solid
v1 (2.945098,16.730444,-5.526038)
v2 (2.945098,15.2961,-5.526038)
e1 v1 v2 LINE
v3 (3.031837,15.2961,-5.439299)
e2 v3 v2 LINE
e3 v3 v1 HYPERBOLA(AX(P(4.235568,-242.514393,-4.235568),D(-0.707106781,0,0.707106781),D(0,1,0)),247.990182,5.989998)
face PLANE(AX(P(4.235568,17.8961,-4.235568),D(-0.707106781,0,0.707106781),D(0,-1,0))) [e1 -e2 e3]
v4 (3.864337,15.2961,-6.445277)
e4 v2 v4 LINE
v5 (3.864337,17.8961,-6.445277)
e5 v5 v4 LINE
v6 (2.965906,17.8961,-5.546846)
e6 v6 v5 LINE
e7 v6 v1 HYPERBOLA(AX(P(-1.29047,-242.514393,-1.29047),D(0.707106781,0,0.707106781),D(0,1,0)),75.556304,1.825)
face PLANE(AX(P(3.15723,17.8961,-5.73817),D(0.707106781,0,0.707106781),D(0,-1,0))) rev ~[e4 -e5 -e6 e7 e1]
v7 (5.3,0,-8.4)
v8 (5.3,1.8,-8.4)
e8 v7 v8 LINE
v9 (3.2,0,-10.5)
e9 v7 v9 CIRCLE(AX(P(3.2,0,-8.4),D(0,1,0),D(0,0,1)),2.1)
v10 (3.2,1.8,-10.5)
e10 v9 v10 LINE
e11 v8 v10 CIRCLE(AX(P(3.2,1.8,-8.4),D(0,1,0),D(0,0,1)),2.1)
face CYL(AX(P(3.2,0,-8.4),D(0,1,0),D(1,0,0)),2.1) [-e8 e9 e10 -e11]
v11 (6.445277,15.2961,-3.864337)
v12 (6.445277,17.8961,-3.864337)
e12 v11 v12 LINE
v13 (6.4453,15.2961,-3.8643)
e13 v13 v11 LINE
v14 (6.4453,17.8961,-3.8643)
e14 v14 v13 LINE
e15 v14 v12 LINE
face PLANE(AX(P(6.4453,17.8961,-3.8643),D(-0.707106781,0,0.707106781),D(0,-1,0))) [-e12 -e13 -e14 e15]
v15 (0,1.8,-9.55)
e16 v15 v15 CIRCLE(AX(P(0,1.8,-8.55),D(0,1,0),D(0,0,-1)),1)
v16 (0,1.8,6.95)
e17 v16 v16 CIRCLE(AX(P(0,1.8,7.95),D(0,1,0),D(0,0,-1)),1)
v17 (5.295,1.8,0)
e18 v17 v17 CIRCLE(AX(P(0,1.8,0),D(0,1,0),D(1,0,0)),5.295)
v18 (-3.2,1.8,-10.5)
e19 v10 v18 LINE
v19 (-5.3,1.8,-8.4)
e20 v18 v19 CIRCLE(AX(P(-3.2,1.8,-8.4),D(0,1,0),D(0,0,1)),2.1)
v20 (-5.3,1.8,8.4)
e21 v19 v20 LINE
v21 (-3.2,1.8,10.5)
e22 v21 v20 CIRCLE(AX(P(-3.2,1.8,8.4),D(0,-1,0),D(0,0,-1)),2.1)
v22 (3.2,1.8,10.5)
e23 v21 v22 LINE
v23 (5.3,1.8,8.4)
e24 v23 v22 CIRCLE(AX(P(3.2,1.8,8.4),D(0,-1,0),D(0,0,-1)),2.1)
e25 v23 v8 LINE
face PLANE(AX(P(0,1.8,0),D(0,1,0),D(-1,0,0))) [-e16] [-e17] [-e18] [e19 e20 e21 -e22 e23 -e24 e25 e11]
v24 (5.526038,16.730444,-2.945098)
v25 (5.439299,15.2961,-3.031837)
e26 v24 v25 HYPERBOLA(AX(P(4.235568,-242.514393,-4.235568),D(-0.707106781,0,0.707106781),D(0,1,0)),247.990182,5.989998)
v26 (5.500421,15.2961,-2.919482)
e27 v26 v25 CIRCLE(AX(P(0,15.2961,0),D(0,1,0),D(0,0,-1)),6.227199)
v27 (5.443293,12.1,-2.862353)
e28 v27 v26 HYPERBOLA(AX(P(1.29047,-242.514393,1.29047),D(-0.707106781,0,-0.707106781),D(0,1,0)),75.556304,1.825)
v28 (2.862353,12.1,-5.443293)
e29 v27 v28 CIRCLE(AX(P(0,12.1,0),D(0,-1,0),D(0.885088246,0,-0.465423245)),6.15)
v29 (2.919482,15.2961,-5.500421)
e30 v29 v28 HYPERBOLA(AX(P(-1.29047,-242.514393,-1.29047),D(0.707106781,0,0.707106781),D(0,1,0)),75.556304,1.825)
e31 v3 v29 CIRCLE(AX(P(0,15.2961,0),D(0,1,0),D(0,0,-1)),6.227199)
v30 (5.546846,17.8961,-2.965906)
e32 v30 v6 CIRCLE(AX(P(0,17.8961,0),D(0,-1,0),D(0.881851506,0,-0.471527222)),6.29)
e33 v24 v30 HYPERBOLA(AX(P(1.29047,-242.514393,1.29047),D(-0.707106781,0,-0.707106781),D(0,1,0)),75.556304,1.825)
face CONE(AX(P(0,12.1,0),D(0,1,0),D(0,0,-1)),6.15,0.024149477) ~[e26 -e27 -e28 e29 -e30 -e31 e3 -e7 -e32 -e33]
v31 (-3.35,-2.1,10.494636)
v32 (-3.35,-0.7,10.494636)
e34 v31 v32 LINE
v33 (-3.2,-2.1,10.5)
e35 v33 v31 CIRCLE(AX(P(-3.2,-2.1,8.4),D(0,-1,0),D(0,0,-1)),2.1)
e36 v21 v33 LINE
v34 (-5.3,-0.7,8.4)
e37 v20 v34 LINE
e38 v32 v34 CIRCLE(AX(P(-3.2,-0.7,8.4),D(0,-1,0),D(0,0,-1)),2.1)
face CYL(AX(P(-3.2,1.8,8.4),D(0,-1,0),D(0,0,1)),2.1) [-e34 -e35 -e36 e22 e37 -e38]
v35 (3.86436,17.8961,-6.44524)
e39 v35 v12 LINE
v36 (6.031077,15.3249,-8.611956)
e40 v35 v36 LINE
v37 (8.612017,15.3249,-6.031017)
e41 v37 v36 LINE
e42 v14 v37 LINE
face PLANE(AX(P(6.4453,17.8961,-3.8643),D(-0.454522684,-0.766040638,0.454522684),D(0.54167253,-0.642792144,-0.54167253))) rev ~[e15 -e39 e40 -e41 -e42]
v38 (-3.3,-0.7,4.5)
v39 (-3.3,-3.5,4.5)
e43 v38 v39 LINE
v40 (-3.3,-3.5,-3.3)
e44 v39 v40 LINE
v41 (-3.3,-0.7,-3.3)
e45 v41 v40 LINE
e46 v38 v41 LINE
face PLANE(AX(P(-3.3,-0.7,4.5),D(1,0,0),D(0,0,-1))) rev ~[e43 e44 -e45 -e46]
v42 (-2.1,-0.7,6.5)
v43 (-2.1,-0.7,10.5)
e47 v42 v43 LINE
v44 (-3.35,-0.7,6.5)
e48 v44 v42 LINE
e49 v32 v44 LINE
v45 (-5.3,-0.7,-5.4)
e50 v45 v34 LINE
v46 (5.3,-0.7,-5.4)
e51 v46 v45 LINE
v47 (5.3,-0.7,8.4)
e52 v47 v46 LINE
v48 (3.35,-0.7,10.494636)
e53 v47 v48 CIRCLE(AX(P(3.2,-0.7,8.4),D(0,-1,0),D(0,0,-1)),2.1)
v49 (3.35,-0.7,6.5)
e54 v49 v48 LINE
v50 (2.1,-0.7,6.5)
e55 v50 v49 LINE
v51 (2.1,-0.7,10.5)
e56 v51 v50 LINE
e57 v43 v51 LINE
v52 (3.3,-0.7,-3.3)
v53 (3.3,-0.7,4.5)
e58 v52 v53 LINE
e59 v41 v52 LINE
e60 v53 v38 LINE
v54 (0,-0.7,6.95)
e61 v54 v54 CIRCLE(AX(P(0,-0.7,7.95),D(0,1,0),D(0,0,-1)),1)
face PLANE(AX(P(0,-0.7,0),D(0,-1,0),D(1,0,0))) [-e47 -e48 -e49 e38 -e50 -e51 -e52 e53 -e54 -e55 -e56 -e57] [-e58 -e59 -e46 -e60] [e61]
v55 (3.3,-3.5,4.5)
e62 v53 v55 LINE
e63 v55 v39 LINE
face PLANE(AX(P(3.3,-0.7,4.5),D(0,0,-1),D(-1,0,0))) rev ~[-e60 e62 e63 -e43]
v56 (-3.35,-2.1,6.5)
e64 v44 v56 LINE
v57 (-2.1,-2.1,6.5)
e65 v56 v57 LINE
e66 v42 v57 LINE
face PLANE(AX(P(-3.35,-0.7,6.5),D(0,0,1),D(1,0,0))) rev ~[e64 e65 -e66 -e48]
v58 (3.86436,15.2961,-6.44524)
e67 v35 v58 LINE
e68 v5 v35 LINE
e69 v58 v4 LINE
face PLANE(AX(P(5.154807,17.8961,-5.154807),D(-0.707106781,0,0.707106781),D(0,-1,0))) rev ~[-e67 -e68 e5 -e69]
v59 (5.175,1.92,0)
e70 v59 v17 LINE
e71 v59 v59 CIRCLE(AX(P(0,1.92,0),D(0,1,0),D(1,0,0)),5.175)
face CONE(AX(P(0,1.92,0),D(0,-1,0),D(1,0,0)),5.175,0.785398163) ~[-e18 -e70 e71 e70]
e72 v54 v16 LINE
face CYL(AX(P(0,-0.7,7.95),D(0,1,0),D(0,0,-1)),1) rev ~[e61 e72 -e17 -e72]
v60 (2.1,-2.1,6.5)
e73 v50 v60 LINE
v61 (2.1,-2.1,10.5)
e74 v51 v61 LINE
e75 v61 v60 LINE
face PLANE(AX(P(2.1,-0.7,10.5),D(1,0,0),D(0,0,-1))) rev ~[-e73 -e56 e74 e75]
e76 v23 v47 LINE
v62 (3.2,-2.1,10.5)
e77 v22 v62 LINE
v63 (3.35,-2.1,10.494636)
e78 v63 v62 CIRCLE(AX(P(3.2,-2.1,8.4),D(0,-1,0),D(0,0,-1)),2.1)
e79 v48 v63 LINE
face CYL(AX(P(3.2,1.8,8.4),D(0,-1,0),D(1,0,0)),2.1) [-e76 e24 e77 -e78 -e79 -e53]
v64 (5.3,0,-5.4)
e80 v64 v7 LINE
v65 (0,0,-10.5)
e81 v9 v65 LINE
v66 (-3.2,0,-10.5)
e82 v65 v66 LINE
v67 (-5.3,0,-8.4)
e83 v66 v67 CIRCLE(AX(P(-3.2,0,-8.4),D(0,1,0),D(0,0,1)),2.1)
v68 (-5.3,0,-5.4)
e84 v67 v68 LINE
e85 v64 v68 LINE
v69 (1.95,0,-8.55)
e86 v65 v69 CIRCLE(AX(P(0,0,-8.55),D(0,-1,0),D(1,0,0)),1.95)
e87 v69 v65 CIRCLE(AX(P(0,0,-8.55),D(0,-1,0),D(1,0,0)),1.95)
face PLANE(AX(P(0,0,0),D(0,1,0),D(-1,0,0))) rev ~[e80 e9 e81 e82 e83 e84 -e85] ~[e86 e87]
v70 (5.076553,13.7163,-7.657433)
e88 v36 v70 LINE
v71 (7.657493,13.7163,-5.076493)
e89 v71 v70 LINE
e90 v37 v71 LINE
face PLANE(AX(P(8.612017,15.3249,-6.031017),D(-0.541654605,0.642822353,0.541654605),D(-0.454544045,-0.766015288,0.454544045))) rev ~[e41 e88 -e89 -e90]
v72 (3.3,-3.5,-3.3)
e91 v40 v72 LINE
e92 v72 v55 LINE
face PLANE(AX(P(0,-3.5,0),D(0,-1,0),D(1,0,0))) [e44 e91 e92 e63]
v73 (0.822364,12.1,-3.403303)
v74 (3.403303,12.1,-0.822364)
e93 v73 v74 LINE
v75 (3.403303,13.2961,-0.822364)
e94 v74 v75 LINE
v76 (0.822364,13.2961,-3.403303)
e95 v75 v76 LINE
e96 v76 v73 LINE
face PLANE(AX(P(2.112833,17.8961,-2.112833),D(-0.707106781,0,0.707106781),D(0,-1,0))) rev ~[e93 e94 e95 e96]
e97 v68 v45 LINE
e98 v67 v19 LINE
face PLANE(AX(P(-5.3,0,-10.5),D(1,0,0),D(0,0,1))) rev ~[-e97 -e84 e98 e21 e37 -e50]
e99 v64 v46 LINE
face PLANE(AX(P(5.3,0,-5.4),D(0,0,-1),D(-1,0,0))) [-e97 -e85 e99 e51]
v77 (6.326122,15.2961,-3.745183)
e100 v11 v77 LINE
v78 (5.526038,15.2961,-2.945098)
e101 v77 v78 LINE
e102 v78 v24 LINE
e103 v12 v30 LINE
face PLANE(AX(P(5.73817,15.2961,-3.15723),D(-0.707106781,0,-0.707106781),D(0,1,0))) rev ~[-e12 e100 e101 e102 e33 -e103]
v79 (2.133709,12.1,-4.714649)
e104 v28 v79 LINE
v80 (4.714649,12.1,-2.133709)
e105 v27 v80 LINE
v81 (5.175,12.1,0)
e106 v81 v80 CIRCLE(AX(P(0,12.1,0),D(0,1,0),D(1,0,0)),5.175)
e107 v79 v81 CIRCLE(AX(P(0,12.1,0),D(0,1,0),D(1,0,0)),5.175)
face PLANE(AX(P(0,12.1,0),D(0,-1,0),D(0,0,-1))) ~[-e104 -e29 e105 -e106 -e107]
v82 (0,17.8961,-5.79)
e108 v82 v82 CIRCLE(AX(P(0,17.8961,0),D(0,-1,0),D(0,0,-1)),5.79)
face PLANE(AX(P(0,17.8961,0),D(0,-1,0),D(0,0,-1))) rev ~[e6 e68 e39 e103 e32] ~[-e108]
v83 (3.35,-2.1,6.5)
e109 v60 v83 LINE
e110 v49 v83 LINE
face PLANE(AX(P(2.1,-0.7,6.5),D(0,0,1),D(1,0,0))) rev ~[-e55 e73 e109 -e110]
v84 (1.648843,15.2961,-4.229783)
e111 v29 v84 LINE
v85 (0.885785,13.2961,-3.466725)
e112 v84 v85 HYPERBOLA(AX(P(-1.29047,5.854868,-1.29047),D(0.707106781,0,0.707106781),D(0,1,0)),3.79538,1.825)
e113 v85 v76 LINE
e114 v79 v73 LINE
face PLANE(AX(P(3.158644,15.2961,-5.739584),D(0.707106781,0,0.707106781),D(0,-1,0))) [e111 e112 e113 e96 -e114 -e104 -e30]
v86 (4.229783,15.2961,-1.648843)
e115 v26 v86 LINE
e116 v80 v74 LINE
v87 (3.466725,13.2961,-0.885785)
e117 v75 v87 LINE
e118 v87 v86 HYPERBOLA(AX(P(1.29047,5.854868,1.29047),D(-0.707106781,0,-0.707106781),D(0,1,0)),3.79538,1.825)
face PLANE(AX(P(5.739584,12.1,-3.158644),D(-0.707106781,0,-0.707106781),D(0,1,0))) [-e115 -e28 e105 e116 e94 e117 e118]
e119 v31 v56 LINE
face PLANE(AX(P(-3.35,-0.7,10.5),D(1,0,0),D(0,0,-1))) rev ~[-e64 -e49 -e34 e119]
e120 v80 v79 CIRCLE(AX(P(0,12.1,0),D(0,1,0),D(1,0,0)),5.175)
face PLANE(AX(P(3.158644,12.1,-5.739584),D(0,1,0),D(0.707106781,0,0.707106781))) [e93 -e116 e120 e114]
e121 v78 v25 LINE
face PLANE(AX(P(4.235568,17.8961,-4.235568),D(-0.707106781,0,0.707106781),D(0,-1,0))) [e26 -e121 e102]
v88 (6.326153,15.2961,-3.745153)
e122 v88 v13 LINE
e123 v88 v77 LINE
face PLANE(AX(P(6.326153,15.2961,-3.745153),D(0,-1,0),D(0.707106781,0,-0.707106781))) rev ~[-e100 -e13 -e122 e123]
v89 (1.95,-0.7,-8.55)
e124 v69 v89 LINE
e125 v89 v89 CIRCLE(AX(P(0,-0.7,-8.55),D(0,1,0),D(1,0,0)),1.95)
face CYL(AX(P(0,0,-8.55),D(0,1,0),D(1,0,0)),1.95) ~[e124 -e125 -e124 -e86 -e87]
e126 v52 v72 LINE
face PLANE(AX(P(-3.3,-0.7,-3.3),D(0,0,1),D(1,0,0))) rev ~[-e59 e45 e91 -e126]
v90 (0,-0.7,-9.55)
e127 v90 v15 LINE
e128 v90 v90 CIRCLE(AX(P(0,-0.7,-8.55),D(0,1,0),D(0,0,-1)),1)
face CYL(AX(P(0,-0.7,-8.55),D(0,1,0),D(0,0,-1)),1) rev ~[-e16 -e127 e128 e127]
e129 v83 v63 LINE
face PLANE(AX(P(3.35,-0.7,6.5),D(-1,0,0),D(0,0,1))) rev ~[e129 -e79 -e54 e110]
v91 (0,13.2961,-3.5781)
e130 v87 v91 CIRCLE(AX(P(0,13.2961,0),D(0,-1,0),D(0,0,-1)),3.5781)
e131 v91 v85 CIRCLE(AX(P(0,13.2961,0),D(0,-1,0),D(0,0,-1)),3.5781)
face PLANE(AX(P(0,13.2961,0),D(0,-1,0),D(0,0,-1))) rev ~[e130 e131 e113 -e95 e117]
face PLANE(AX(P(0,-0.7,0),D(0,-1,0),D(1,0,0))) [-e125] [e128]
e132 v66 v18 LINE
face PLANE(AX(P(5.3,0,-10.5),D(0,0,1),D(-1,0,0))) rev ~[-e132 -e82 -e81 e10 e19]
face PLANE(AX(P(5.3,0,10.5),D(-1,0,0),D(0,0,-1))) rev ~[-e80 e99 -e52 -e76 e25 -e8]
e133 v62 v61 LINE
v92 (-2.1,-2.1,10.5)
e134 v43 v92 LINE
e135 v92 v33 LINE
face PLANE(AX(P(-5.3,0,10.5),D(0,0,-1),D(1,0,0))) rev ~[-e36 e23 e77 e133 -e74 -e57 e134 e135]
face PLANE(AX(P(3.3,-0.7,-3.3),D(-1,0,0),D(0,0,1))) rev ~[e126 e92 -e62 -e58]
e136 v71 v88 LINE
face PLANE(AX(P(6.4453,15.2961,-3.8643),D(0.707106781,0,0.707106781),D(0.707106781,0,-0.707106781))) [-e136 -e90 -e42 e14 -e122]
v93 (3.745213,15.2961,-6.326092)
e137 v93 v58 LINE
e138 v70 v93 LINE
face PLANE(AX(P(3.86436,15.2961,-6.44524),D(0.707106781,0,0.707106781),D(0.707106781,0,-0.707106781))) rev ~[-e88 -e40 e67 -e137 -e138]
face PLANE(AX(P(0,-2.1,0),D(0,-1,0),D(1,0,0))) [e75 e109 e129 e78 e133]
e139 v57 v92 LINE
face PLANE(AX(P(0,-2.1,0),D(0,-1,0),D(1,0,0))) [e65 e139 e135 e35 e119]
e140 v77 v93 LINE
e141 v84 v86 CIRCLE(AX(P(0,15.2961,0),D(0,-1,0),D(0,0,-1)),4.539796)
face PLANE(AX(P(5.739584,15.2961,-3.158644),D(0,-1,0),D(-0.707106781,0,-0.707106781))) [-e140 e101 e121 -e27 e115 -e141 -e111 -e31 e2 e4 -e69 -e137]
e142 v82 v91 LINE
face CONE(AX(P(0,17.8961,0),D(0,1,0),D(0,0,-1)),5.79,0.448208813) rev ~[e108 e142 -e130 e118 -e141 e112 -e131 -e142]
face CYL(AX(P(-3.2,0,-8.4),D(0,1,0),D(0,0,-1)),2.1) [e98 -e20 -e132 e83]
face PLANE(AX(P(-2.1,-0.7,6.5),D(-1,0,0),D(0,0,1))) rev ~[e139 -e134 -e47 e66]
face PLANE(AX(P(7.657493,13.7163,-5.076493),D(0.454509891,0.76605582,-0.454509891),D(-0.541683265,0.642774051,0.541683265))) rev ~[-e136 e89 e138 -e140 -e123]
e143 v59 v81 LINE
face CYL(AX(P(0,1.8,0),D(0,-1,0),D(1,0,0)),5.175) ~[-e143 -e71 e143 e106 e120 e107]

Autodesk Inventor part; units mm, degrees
ref_plane "YZ Plane" through (0, 0, 0) normal (1, 0, 0) x (0, 1, 0)
ref_plane "XZ Plane" through (0, 0, 0) normal (0, 1, 0) x (-1, 0, 0)
sketch "Sketch1" plane through (0, 0, 0) normal (0, 1, 0) x (-1, 0, 0)
  line L0 (-5.3, -10.5) -> (5.3, -10.5)
  line L1 (5.3, -10.5) -> (5.3, 10.5)
  line L2 (5.3, 10.5) -> (-5.3, 10.5)
  line L3 (-5.3, 10.5) -> (-5.3, -10.5)
  line L4 (-5.3, -10.5) -> (5.3, 10.5) construction
  line L5 (5.3, -10.5) -> (-5.3, 10.5) construction
  point P0 (0, 0)
  dimension "d0" = 10.6
  dimension "d1" = 21
extrude "Extrusion1" add sketch "Sketch1" along normal blind 1.8
sketch "Sketch2" plane through (0, 0, 0) normal (0, -1, 0) x (1, 0, 0)
  line L0 (5.3, -10.5) -> (-5.3, -10.5) projected
  line L1 (5.3, 10.5) -> (5.3, -10.5) projected
  line L2 (-5.3, 10.5) -> (5.3, 10.5) projected
  line L3 (-5.3, -10.5) -> (-5.3, 10.5) projected
  line L4 (5.3, 10.5) -> (5.3, -10.5) projected
  line L5 (5.3, -5.4) -> (-5.3, -5.4)
  line L6 (-5.3, -10.5) -> (-5.3, 10.5) projected
  point P0 (0, 0)
  dimension "d4" = 15.9
extrude "Extrusion2" add sketch "Sketch2" along normal blind 0.7 contours L5 L3 L2 L1
sketch "Sketch3" plane through (0, -0.7, 0) normal (0, -1, 0) x (1, 0, 0)
  line L0 (5.3, 10.5) -> (-5.3, 10.5) projected
  line L1 (-5.3, 10.5) -> (-5.3, -5.4) projected
  line L2 (-5.3, -5.4) -> (5.3, -5.4) projected
  line L3 (5.3, -5.4) -> (5.3, 10.5) projected
  line L4 (-5.3, 10.5) -> (5.3, 10.5) projected
  line L5 (3.35, 10.5) -> (2.1, 10.5)
  line L6 (2.1, 10.5) -> (2.1, 6.5)
  line L7 (2.1, 6.5) -> (3.35, 6.5)
  line L8 (3.35, 6.5) -> (3.35, 10.5)
  line L9 (-2.1, 10.5) -> (-3.35, 10.5)
  line L10 (-3.35, 10.5) -> (-3.35, 6.5)
  line L11 (-3.35, 6.5) -> (-2.1, 6.5)
  line L12 (-2.1, 6.5) -> (-2.1, 10.5)
  line L13 (2.1, 7.4366) -> (-2.1, 7.4366) construction
  line L14 (0, 0) -> (0, 2.1174)
  point P0 (0, 7.4366)
  dimension "d7" = 1.25
  dimension "d8" = 4
  dimension "d9" = 1.25
  dimension "d10" = 4
  dimension "d11" = 4.2
extrude "Extrusion3" add sketch "Sketch3" along normal blind 1.4 contours L8 L7 L6 L0 | L12 L11 L10 L0
sketch "Sketch4" plane through (0, -0.7, 0) normal (0, -1, 0) x (1, 0, 0)
  line L0 (3.3, 4.5) -> (-3.3, 4.5)
  line L1 (-3.3, 4.5) -> (-3.3, -3.3)
  line L2 (-3.3, -3.3) -> (3.3, -3.3)
  line L3 (3.3, -3.3) -> (3.3, 4.5)
  line L4 (0, 0) -> (0, 1.0845)
  line L5 (2.1, 10.5) -> (-2.1, 10.5) projected
  point P0 (0, 4.5)
  dimension "d14" = 6.6
  dimension "d15" = 7.8
  dimension "d16" = 6
extrude "Extrusion4" add sketch "Sketch4" along normal blind 2.8
sketch "Sketch5" plane through (0, 0, 0) normal (0, -1, 0) x (1, 0, 0)
  circle A0 centre (0, -8.55) radius 1.95
  line L0 (5.3, -10.5) -> (-5.3, -10.5) projected
  point P0 (0, 0)
  dimension "d19" = 3.9
extrude "Extrusion5" add sketch "Sketch5" along normal up to surface (0.7 mm away)
sketch "Sketch6" plane through (0, -0.7, 0) normal (0, -1, 0) x (1, 0, 0)
  line L0 (3.3, 4.5) -> (3.3, -3.3) projected
  line L1 (3.3, -3.3) -> (-3.3, -3.3) projected
  line L2 (-3.3, -3.3) -> (-3.3, 4.5) projected
  line L3 (-3.3, 4.5) -> (3.3, 4.5) projected
  line L4 (-3.35, 6.5) -> (-3.35, 10.5) projected
  line L5 (-3.35, 10.5) -> (-5.3, 10.5) projected
  line L6 (-5.3, 10.5) -> (-5.3, -5.4) projected
  line L7 (-5.3, -5.4) -> (5.3, -5.4) projected
  line L8 (5.3, -5.4) -> (5.3, 10.5) projected
  line L9 (5.3, 10.5) -> (3.35, 10.5) projected
  line L10 (3.35, 10.5) -> (3.35, 6.5) projected
  line L11 (3.35, 6.5) -> (2.1, 6.5) projected
  line L12 (2.1, 6.5) -> (2.1, 10.5) projected
  line L13 (2.1, 10.5) -> (-2.1, 10.5) projected
  line L14 (-2.1, 10.5) -> (-2.1, 6.5) projected
  line L15 (-2.1, 6.5) -> (-3.35, 6.5) projected
  circle A0 centre (0, -8.55) radius 1.95 projected
  point P0 (0, 0)
  point P1 (0, 7.95)
  dimension "d22" = 16.5
hole "Hole1" at (0, -0.7, 7.95) at (0, -0.7, -8.55) direction (0, 1, 0) diameter 2 end through all
fillet "Fillet1" radius 2.1 4 edges at (-5.3, 0.55, 10.5) (5.3, 0.55, 10.5) (5.3, 0.9, -10.5) (-5.3, 0.9, -10.5)
sketch "Sketch7" plane through (0, 1.8, 0) normal (0, 1, 0) x (1, 0, 0)
  circle A0 centre (0, 0) radius 5.175
  dimension "d31" = 10.35
extrude "Extrusion6" add sketch "Sketch7" along normal blind 10.3
sketch "Sketch8" plane through (0, 0, 0) normal (1, 0, 0) x (0, 1, 0)
  line L0 (12.1, -5.175) -> (12.1, 5.175) projected
  line L1 (1.8, 5.175) -> (1.8, -5.175) projected
  line L2 (12.1, -5.175) -> (12.1, 5.175) projected
  line L3 (12.1, -5.175) -> (12.1, -6.15)
  line L4 (12.1, -6.15) -> (17.8961, -6.29)
  line L5 (17.8961, -6.29) -> (17.8961, -5.79)
  line L6 (17.8961, 0) -> (12.1, 0)
  line L7 (17.8961, -5.79) -> (13.2961, -3.5781)
  line L8 (13.2961, -3.5781) -> (13.2961, 0)
  point P0 (0, 0)
  dimension "d34" = 12.3
  dimension "d35" = 12.58
  dimension "d37" = 2.6
  dimension "d38" = 4.6
  dimension "d39" = 0.5
revolve "Revolution1" add sketch "Sketch8" angle 360 about axis through (0, 17.8961, 0) along (0, -1, 0)
chamfer "Chamfer1" distance 0.12 angle 45 1 edges at (-5.175, 1.8, 0)
sketch "Sketch9" plane through (0, 17.8961, 0) normal (0, 1, 0) x (1, 0, 0)
  line L0 (0, 0) -> (4.9828, 4.9828) construction
  line L1 (0, 0) -> (0, 2.6372) construction
  dimension "d43" = 45
ref_plane "Work Plane2" through (4.4477, 17.8961, -4.4477) normal (-0.7071, 0, 0.7071) x (0, -1, 0)
sketch "Sketch11" plane through (4.4477, 17.8961, -4.4477) normal (-0.7071, 0, 0.7071) x (0, -1, 0)
  line L0 (0, -6.29) -> (0, 6.29) projected
  line L1 (5.7961, -6.15) -> (5.7961, 6.15) projected
  line L2 (5.7961, 5.175) -> (5.7961, -5.175) projected
  line L3 (5.7961, 1.825) -> (2.6, 1.825)
  line L4 (2.6, 1.825) -> (2.6, -1.825)
  line L5 (2.6, -1.825) -> (5.7961, -1.825)
  line L6 (5.7961, -1.825) -> (5.7961, 1.825)
  line L7 (0, 0) -> (0.8817, 0)
  point P0 (17.8961, 0)
  point P1 (2.6, 0)
  dimension "d45" = 3.65
  dimension "d46" = 2.6
extrude "Extrusion7" cut sketch "Sketch11" along normal blind 3.3
sketch "Sketch12" plane through (4.4477, 17.8961, -4.4477) normal (-0.7071, 0, 0.7071) x (0, -1, 0)
  line L0 (5.7961, 1.825) -> (2.6, 1.825) projected
  line L1 (2.6, 1.825) -> (2.6, -1.825) projected
  line L2 (2.6, -1.825) -> (5.7961, -1.825) projected
  line L3 (5.7961, 1.825) -> (5.7961, -1.825) projected
  line L4 (0, -6.29) -> (0, 6.29) projected
  line L5 (0, -6.29) -> (0, 6.29) projected
  line L6 (2.6, 1.825) -> (0, 1.825)
  line L7 (0, 1.825) -> (0, -1.825)
  line L8 (0, -1.825) -> (2.6, -1.825)
  line L9 (2.6, -1.825) -> (2.6, 1.825)
  point P0 (17.8961, 0)
extrude "Extrusion8" add sketch "Sketch12" along normal blind 0.3 and the other way blind 1 contours L1 L8 L4 L6
sketch "Sketch13" plane through (6.4453, 15.2961, -3.8643) normal (0.7071, 0, 0.7071) x (0.7071, 0, -0.7071)
  line L0 (-1.3, 0) -> (-1.3, 1.4344) projected
  line L1 (-1.3, 0) -> (0, 0) projected
  line L2 (0, 2.6) -> (0, 0) projected
  line L3 (0, 2.6) -> (-1.2706, 2.6) projected
  line L4 (0, 2.6) -> (-1.2706, 2.6) projected
  line L5 (0, 2.6) -> (3.0642, 0.0288)
  line L6 (3.0642, 0.0288) -> (1.7143, -1.5798)
  line L7 (1.7143, -1.5798) -> (-0.1685, 0)
  line L8 (-1.3, 0) -> (0, 0) projected
  point P0 (-7.29, -15.2961)
  dimension "d53" = 2.6
  dimension "d54" = 2.1
  dimension "d55" = 40
  dimension "d56" = 4
extrude "Extrusion9" add sketch "Sketch13" against normal up to surface (3.65 mm away)
properties part number "xtion_projector" material "Thermoplastic Resin"
